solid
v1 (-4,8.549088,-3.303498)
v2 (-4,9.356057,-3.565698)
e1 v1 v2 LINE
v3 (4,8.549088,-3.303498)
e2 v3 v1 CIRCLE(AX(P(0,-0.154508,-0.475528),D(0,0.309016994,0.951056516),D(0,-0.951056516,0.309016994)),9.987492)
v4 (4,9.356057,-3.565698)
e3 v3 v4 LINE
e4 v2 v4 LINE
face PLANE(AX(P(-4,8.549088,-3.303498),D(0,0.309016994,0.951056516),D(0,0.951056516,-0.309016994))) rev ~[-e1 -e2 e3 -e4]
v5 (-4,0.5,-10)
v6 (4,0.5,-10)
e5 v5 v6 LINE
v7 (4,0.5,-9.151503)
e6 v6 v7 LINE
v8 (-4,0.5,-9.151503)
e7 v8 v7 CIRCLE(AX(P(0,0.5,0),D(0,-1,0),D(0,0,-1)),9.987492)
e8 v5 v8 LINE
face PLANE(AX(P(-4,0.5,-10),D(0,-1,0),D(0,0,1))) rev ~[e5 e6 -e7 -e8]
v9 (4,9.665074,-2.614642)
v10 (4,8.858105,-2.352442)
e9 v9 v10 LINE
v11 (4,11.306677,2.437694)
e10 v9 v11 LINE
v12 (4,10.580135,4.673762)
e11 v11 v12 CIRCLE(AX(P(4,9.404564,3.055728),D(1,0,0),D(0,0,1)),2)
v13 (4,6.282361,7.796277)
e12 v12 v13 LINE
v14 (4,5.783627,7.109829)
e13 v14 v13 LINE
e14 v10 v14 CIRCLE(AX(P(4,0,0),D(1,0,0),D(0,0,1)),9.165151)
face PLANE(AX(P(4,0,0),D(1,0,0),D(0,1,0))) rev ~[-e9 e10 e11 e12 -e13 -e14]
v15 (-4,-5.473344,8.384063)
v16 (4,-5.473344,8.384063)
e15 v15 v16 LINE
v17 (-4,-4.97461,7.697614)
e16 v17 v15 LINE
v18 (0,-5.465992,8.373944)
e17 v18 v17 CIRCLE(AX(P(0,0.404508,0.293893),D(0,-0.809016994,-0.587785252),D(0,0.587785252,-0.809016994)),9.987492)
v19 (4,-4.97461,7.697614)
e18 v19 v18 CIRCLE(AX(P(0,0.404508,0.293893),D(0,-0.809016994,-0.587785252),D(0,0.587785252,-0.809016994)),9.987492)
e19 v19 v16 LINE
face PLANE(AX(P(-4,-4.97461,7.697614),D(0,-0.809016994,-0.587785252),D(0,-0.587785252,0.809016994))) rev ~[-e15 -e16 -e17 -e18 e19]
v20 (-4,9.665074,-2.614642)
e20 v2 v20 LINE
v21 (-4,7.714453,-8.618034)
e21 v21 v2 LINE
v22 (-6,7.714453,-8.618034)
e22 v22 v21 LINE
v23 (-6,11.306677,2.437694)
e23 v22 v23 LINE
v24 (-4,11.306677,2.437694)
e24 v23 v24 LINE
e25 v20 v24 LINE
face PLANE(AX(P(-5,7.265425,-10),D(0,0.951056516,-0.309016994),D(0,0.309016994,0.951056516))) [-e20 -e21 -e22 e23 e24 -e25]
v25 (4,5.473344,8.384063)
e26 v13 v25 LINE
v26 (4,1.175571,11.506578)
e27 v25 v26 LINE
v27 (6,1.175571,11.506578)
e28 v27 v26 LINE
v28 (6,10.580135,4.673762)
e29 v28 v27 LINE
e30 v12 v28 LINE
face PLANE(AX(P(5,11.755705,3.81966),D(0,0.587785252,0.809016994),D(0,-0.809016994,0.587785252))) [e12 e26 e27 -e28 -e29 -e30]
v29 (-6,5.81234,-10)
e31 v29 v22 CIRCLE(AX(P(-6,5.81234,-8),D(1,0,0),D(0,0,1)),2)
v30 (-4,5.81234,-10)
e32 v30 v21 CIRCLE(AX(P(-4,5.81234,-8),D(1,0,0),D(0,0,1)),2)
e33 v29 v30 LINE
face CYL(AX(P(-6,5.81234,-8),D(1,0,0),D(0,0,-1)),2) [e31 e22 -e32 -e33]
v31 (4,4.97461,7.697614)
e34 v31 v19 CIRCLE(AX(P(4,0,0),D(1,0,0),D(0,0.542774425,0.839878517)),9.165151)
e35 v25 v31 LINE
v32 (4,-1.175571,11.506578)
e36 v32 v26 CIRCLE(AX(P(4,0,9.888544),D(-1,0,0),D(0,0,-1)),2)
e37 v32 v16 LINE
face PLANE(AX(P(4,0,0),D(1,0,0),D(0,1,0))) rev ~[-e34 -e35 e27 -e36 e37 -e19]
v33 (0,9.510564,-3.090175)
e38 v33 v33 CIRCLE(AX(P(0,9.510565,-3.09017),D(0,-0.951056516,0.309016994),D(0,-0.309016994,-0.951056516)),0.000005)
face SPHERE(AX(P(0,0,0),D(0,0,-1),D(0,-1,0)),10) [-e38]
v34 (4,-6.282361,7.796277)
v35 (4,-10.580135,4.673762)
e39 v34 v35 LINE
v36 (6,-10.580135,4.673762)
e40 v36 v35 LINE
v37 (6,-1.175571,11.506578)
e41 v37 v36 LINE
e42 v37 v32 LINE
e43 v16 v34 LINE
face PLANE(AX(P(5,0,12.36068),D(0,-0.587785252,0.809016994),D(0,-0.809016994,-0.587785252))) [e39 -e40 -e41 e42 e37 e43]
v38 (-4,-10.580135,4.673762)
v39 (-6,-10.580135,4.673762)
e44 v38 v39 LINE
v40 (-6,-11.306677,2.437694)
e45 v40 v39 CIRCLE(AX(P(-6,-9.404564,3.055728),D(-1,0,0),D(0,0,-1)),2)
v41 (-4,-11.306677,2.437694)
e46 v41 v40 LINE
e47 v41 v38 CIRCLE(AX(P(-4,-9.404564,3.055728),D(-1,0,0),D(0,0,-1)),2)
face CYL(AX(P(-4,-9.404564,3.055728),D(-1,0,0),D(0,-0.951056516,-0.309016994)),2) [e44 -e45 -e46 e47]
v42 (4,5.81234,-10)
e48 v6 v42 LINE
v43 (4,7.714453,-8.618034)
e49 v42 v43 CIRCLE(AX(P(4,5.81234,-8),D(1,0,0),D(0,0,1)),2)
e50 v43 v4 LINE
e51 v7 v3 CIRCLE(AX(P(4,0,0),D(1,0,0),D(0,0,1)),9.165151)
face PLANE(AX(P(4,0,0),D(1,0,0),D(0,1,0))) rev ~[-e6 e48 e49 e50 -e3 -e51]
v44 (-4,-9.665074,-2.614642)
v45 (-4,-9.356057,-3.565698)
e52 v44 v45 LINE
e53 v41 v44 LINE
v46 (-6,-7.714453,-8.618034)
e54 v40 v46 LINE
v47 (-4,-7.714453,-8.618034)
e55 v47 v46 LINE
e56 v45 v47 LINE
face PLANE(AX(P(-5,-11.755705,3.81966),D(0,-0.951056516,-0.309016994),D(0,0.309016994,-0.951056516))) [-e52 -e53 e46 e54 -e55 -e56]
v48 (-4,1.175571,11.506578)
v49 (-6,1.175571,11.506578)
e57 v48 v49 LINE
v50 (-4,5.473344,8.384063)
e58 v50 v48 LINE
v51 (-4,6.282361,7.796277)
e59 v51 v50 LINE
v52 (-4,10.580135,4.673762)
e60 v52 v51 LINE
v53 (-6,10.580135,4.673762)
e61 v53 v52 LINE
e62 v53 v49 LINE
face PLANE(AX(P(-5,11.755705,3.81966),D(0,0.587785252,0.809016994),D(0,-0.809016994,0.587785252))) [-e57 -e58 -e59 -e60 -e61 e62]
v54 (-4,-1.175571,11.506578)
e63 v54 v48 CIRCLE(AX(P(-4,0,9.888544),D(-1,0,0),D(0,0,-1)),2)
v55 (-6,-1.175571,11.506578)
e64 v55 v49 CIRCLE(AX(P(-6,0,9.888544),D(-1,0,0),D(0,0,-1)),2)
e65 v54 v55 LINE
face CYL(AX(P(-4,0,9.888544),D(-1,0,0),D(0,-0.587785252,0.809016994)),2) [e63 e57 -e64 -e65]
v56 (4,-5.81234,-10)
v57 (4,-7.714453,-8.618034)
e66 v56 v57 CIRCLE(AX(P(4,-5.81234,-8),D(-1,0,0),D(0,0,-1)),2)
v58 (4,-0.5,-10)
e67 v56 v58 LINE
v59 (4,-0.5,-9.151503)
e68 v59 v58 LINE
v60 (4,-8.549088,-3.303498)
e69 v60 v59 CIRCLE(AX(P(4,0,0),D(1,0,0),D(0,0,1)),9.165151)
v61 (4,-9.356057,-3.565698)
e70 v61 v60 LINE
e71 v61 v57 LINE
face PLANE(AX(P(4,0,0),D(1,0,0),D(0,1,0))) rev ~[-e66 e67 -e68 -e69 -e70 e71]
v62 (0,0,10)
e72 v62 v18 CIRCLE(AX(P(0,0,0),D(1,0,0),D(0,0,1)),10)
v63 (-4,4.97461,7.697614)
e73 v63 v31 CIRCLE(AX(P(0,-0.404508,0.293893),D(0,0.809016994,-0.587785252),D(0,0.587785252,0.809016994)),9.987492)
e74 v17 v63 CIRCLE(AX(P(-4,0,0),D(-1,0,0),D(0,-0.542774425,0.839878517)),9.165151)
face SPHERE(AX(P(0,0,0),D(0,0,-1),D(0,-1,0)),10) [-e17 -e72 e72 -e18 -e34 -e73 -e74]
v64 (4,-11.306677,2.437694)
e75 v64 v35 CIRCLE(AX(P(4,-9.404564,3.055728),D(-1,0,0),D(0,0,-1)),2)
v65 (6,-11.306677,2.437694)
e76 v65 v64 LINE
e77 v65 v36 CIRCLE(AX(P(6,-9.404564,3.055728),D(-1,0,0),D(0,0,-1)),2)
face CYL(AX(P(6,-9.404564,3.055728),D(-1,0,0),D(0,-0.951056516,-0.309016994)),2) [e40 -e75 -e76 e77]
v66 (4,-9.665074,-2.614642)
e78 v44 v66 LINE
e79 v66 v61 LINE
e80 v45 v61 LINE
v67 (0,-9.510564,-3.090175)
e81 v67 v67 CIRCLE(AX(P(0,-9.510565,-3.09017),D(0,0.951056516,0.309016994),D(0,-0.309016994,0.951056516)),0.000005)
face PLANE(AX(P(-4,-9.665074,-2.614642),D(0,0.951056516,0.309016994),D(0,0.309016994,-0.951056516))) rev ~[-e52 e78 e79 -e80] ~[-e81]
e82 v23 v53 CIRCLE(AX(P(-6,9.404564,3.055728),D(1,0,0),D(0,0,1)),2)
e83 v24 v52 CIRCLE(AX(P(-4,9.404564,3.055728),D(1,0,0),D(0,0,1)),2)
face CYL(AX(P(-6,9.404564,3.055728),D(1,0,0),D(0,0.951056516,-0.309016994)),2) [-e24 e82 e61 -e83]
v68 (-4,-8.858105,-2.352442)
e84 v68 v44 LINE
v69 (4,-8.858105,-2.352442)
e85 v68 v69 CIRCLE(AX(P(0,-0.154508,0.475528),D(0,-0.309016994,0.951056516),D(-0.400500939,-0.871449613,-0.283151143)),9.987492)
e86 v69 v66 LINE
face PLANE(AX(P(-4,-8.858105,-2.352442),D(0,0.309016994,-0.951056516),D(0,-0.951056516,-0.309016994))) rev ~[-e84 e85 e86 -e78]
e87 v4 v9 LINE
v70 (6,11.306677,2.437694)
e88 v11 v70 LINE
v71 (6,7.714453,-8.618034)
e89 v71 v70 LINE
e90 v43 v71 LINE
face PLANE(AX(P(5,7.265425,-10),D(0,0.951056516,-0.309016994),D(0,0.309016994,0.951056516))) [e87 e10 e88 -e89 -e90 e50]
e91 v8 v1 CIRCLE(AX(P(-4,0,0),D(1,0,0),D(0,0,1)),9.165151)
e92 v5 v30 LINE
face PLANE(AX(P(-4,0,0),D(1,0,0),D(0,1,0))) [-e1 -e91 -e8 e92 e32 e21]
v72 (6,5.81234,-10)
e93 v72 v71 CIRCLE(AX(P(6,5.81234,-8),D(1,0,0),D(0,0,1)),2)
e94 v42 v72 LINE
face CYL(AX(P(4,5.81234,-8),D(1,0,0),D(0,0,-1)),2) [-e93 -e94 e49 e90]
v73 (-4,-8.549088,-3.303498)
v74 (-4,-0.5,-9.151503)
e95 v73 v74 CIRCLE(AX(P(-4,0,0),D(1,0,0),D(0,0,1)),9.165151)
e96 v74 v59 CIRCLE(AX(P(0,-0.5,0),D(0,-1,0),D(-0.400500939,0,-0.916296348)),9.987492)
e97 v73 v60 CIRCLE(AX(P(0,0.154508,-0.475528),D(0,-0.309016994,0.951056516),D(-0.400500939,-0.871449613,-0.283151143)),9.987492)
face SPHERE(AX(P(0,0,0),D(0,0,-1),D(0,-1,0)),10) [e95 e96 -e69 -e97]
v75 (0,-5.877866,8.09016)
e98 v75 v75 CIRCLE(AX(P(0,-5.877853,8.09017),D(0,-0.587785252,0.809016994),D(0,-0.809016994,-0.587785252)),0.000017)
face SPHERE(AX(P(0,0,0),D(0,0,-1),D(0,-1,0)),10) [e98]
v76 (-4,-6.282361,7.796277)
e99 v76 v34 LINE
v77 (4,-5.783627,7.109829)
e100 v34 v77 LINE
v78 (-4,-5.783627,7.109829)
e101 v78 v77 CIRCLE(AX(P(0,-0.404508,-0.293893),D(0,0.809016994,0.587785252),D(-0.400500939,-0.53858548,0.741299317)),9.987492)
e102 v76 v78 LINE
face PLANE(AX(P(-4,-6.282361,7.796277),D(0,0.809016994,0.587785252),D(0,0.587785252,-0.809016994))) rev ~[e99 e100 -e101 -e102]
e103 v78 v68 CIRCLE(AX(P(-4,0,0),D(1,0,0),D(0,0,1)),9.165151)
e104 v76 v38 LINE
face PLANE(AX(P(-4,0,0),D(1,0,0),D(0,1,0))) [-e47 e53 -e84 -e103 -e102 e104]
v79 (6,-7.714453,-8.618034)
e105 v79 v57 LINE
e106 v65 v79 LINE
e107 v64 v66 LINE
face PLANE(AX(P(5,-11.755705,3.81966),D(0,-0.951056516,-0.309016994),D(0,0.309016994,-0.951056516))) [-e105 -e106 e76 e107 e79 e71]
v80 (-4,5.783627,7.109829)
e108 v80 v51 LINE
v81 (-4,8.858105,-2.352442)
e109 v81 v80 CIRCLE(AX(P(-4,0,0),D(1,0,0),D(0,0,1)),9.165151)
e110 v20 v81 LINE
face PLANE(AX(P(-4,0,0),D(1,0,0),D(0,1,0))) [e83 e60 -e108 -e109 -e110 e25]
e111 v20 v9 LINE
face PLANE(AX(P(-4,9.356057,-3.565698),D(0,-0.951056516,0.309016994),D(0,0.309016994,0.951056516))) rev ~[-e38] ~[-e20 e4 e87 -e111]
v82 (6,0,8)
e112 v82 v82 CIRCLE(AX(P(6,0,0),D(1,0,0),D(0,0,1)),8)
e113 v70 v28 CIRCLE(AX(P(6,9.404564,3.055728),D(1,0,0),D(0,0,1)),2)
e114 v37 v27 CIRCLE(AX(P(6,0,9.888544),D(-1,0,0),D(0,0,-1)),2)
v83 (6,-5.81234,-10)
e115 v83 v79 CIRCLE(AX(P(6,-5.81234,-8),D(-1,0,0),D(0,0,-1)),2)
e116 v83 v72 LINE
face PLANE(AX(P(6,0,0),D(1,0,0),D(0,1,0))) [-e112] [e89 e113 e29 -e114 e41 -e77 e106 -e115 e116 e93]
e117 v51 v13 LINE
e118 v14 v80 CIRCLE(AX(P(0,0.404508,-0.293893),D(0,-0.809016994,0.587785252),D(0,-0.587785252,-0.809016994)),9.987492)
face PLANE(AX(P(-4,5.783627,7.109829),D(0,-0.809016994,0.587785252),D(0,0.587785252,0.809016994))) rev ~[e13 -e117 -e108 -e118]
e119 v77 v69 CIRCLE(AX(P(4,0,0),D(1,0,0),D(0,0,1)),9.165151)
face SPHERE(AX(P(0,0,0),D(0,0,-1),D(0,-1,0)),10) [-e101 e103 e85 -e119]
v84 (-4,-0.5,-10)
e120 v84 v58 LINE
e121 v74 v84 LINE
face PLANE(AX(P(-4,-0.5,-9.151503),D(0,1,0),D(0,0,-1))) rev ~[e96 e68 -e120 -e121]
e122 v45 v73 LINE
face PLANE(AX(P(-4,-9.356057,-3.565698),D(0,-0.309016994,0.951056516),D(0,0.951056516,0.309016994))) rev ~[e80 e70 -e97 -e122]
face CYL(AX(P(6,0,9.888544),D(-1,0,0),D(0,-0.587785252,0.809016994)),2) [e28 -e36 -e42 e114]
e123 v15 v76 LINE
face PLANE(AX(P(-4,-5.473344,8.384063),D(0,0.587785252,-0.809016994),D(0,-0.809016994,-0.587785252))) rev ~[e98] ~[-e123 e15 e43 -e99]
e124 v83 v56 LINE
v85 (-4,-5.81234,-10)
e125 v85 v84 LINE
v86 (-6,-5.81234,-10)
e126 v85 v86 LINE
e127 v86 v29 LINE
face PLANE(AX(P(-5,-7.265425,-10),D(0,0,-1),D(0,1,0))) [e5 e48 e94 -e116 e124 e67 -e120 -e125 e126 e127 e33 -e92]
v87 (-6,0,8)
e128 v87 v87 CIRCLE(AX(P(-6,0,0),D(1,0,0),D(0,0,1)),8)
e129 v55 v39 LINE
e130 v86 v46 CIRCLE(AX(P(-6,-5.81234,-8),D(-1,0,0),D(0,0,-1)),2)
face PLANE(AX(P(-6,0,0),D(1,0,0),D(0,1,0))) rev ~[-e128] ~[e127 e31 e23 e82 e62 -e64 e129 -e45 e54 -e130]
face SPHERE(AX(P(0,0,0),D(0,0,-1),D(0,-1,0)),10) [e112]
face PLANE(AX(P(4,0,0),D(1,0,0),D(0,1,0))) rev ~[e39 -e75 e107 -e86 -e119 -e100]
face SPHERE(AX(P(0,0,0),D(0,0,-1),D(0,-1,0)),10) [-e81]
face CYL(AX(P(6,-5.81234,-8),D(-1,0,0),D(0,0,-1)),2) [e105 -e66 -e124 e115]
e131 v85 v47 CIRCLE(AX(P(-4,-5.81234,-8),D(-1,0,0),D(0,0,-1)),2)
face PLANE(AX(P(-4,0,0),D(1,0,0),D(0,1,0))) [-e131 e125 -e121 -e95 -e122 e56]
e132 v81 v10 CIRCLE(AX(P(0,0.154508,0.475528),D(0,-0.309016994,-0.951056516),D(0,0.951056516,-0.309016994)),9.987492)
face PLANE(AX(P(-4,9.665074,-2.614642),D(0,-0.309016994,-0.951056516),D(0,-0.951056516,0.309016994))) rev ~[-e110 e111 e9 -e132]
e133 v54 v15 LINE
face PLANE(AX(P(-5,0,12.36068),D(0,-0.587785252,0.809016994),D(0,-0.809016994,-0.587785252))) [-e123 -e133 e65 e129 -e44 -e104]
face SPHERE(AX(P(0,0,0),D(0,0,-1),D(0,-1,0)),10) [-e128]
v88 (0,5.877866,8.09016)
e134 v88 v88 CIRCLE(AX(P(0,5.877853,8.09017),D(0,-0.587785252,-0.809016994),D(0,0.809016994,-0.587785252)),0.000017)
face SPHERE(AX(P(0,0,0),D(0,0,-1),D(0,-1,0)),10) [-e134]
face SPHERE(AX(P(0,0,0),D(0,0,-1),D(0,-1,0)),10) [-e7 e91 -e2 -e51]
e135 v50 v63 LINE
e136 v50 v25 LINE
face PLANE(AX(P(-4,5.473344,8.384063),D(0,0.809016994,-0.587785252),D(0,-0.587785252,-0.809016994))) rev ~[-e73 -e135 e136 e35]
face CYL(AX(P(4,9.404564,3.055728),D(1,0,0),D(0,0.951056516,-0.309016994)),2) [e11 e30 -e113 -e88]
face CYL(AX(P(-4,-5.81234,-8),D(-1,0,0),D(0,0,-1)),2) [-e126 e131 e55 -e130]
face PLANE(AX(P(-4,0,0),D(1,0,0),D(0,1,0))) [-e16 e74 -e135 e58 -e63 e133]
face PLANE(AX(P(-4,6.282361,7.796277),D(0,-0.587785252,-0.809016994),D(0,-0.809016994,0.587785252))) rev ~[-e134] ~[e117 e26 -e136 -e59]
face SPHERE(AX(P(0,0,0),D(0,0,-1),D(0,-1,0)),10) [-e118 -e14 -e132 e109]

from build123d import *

# Parameters (mm, degrees)
F4_DEPTH  = 1
F7_DEPTH  = 1
F8_R      = 2
F10_DEPTH = 8


with BuildPart() as f1:
    # F0 (on Right) → F1 (revolve)
    with BuildSketch(Plane.YZ):
        with BuildLine():
            Line((0, -10), (0, 10))
            ThreePointArc((0, 10), (-10, 0), (0, -10))
        make_face()
    revolve(axis=Axis((0, 0, 0), (0, 0, -1)))

    # F3 (on offset) → F4 (join, symmetric)
    with BuildSketch(Plane.YZ.offset(5)):
        Polygon((-7.2654252801, -10), (7.2654252801, -10), (11.7557050458, 3.8196601125), (0, 12.360679775), (-11.7557050458, 3.8196601125), align=None)
    extrude(amount=F4_DEPTH, both=True)

    # F6 (on offset) → F7 (join, symmetric)
    with BuildSketch(Plane.YZ.offset(-5)):
        Polygon((-7.2654252801, -10), (7.2654252801, -10), (11.7557050458, 3.8196601125), (0, 12.360679775), (-11.7557050458, 3.8196601125), align=None)
    extrude(amount=F7_DEPTH, both=True)

    # F8
    f8_edges = [f1.edges().sort_by_distance(p)[0] for p in [
        (-5, -11.755705, 3.81966),
        (-5, 0, 12.36068),
        (5, 0, 12.36068),
        (5, -11.755705, 3.81966),
        (-5, -7.265425, -10),
        (5, -7.265425, -10),
        (5, 11.755705, 3.81966),
        (-5, 11.755705, 3.81966),
        (5, 7.265425, -10),
        (-5, 7.265425, -10),
    ]]
    fillet(f8_edges, radius=F8_R)

    # F9 (on face) → F10 (join)
    with BuildSketch(Plane.YZ.offset(-4)):
        with BuildLine():
            ThreePointArc((-5.783626767, 7.1098285085), (-5.387140822, 7.4147632305), (-4.9746097726, 7.6976137608))
            Line((-4.9746097726, 7.6976137608), (-5.4733440257, 8.3840625699))
            Line((-5.4733440257, 8.3840625699), (-6.2823610201, 7.7962773176))
            Line((-6.2823610201, 7.7962773176), (-5.783626767, 7.1098285085))
        make_face()
        with BuildLine():
            Line((5.4733440257, 8.3840625699), (4.9746097726, 7.6976137608))
            ThreePointArc((4.9746097726, 7.6976137608), (5.387140822, 7.4147632305), (5.783626767, 7.1098285085))
            Line((5.783626767, 7.1098285085), (6.2823610201, 7.7962773176))
            Line((6.2823610201, 7.7962773176), (5.4733440257, 8.3840625699))
        make_face()
        with BuildLine():
            Line((9.6650736601, -2.6146416856), (8.8581046872, -2.3524415721))
            ThreePointArc((8.8581046872, -2.3524415721), (8.7165769522, -2.8321875355), (8.5490876929, -3.3034980884))
            Line((8.5490876929, -3.3034980884), (9.3560566658, -3.5656982019))
            Line((9.3560566658, -3.5656982019), (9.6650736601, -2.6146416856))
        make_face()
        with BuildLine():
            ThreePointArc((0.5, -9.1515026089), (0, -9.1651513899), (-0.5, -9.1515026089))
            Line((-0.5, -9.1515026089), (-0.5, -10))
            Line((-0.5, -10), (0.5, -10))
            Line((0.5, -10), (0.5, -9.1515026089))
        make_face()
        with BuildLine():
            ThreePointArc((-8.5490876929, -3.3034980884), (-8.7165769522, -2.8321875355), (-8.8581046872, -2.3524415721))
            Line((-8.8581046872, -2.3524415721), (-9.6650736601, -2.6146416856))
            Line((-9.6650736601, -2.6146416856), (-9.3560566658, -3.5656982019))
            Line((-9.3560566658, -3.5656982019), (-8.5490876929, -3.3034980884))
        make_face()
    extrude(amount=F10_DEPTH)


solid = f1.part
